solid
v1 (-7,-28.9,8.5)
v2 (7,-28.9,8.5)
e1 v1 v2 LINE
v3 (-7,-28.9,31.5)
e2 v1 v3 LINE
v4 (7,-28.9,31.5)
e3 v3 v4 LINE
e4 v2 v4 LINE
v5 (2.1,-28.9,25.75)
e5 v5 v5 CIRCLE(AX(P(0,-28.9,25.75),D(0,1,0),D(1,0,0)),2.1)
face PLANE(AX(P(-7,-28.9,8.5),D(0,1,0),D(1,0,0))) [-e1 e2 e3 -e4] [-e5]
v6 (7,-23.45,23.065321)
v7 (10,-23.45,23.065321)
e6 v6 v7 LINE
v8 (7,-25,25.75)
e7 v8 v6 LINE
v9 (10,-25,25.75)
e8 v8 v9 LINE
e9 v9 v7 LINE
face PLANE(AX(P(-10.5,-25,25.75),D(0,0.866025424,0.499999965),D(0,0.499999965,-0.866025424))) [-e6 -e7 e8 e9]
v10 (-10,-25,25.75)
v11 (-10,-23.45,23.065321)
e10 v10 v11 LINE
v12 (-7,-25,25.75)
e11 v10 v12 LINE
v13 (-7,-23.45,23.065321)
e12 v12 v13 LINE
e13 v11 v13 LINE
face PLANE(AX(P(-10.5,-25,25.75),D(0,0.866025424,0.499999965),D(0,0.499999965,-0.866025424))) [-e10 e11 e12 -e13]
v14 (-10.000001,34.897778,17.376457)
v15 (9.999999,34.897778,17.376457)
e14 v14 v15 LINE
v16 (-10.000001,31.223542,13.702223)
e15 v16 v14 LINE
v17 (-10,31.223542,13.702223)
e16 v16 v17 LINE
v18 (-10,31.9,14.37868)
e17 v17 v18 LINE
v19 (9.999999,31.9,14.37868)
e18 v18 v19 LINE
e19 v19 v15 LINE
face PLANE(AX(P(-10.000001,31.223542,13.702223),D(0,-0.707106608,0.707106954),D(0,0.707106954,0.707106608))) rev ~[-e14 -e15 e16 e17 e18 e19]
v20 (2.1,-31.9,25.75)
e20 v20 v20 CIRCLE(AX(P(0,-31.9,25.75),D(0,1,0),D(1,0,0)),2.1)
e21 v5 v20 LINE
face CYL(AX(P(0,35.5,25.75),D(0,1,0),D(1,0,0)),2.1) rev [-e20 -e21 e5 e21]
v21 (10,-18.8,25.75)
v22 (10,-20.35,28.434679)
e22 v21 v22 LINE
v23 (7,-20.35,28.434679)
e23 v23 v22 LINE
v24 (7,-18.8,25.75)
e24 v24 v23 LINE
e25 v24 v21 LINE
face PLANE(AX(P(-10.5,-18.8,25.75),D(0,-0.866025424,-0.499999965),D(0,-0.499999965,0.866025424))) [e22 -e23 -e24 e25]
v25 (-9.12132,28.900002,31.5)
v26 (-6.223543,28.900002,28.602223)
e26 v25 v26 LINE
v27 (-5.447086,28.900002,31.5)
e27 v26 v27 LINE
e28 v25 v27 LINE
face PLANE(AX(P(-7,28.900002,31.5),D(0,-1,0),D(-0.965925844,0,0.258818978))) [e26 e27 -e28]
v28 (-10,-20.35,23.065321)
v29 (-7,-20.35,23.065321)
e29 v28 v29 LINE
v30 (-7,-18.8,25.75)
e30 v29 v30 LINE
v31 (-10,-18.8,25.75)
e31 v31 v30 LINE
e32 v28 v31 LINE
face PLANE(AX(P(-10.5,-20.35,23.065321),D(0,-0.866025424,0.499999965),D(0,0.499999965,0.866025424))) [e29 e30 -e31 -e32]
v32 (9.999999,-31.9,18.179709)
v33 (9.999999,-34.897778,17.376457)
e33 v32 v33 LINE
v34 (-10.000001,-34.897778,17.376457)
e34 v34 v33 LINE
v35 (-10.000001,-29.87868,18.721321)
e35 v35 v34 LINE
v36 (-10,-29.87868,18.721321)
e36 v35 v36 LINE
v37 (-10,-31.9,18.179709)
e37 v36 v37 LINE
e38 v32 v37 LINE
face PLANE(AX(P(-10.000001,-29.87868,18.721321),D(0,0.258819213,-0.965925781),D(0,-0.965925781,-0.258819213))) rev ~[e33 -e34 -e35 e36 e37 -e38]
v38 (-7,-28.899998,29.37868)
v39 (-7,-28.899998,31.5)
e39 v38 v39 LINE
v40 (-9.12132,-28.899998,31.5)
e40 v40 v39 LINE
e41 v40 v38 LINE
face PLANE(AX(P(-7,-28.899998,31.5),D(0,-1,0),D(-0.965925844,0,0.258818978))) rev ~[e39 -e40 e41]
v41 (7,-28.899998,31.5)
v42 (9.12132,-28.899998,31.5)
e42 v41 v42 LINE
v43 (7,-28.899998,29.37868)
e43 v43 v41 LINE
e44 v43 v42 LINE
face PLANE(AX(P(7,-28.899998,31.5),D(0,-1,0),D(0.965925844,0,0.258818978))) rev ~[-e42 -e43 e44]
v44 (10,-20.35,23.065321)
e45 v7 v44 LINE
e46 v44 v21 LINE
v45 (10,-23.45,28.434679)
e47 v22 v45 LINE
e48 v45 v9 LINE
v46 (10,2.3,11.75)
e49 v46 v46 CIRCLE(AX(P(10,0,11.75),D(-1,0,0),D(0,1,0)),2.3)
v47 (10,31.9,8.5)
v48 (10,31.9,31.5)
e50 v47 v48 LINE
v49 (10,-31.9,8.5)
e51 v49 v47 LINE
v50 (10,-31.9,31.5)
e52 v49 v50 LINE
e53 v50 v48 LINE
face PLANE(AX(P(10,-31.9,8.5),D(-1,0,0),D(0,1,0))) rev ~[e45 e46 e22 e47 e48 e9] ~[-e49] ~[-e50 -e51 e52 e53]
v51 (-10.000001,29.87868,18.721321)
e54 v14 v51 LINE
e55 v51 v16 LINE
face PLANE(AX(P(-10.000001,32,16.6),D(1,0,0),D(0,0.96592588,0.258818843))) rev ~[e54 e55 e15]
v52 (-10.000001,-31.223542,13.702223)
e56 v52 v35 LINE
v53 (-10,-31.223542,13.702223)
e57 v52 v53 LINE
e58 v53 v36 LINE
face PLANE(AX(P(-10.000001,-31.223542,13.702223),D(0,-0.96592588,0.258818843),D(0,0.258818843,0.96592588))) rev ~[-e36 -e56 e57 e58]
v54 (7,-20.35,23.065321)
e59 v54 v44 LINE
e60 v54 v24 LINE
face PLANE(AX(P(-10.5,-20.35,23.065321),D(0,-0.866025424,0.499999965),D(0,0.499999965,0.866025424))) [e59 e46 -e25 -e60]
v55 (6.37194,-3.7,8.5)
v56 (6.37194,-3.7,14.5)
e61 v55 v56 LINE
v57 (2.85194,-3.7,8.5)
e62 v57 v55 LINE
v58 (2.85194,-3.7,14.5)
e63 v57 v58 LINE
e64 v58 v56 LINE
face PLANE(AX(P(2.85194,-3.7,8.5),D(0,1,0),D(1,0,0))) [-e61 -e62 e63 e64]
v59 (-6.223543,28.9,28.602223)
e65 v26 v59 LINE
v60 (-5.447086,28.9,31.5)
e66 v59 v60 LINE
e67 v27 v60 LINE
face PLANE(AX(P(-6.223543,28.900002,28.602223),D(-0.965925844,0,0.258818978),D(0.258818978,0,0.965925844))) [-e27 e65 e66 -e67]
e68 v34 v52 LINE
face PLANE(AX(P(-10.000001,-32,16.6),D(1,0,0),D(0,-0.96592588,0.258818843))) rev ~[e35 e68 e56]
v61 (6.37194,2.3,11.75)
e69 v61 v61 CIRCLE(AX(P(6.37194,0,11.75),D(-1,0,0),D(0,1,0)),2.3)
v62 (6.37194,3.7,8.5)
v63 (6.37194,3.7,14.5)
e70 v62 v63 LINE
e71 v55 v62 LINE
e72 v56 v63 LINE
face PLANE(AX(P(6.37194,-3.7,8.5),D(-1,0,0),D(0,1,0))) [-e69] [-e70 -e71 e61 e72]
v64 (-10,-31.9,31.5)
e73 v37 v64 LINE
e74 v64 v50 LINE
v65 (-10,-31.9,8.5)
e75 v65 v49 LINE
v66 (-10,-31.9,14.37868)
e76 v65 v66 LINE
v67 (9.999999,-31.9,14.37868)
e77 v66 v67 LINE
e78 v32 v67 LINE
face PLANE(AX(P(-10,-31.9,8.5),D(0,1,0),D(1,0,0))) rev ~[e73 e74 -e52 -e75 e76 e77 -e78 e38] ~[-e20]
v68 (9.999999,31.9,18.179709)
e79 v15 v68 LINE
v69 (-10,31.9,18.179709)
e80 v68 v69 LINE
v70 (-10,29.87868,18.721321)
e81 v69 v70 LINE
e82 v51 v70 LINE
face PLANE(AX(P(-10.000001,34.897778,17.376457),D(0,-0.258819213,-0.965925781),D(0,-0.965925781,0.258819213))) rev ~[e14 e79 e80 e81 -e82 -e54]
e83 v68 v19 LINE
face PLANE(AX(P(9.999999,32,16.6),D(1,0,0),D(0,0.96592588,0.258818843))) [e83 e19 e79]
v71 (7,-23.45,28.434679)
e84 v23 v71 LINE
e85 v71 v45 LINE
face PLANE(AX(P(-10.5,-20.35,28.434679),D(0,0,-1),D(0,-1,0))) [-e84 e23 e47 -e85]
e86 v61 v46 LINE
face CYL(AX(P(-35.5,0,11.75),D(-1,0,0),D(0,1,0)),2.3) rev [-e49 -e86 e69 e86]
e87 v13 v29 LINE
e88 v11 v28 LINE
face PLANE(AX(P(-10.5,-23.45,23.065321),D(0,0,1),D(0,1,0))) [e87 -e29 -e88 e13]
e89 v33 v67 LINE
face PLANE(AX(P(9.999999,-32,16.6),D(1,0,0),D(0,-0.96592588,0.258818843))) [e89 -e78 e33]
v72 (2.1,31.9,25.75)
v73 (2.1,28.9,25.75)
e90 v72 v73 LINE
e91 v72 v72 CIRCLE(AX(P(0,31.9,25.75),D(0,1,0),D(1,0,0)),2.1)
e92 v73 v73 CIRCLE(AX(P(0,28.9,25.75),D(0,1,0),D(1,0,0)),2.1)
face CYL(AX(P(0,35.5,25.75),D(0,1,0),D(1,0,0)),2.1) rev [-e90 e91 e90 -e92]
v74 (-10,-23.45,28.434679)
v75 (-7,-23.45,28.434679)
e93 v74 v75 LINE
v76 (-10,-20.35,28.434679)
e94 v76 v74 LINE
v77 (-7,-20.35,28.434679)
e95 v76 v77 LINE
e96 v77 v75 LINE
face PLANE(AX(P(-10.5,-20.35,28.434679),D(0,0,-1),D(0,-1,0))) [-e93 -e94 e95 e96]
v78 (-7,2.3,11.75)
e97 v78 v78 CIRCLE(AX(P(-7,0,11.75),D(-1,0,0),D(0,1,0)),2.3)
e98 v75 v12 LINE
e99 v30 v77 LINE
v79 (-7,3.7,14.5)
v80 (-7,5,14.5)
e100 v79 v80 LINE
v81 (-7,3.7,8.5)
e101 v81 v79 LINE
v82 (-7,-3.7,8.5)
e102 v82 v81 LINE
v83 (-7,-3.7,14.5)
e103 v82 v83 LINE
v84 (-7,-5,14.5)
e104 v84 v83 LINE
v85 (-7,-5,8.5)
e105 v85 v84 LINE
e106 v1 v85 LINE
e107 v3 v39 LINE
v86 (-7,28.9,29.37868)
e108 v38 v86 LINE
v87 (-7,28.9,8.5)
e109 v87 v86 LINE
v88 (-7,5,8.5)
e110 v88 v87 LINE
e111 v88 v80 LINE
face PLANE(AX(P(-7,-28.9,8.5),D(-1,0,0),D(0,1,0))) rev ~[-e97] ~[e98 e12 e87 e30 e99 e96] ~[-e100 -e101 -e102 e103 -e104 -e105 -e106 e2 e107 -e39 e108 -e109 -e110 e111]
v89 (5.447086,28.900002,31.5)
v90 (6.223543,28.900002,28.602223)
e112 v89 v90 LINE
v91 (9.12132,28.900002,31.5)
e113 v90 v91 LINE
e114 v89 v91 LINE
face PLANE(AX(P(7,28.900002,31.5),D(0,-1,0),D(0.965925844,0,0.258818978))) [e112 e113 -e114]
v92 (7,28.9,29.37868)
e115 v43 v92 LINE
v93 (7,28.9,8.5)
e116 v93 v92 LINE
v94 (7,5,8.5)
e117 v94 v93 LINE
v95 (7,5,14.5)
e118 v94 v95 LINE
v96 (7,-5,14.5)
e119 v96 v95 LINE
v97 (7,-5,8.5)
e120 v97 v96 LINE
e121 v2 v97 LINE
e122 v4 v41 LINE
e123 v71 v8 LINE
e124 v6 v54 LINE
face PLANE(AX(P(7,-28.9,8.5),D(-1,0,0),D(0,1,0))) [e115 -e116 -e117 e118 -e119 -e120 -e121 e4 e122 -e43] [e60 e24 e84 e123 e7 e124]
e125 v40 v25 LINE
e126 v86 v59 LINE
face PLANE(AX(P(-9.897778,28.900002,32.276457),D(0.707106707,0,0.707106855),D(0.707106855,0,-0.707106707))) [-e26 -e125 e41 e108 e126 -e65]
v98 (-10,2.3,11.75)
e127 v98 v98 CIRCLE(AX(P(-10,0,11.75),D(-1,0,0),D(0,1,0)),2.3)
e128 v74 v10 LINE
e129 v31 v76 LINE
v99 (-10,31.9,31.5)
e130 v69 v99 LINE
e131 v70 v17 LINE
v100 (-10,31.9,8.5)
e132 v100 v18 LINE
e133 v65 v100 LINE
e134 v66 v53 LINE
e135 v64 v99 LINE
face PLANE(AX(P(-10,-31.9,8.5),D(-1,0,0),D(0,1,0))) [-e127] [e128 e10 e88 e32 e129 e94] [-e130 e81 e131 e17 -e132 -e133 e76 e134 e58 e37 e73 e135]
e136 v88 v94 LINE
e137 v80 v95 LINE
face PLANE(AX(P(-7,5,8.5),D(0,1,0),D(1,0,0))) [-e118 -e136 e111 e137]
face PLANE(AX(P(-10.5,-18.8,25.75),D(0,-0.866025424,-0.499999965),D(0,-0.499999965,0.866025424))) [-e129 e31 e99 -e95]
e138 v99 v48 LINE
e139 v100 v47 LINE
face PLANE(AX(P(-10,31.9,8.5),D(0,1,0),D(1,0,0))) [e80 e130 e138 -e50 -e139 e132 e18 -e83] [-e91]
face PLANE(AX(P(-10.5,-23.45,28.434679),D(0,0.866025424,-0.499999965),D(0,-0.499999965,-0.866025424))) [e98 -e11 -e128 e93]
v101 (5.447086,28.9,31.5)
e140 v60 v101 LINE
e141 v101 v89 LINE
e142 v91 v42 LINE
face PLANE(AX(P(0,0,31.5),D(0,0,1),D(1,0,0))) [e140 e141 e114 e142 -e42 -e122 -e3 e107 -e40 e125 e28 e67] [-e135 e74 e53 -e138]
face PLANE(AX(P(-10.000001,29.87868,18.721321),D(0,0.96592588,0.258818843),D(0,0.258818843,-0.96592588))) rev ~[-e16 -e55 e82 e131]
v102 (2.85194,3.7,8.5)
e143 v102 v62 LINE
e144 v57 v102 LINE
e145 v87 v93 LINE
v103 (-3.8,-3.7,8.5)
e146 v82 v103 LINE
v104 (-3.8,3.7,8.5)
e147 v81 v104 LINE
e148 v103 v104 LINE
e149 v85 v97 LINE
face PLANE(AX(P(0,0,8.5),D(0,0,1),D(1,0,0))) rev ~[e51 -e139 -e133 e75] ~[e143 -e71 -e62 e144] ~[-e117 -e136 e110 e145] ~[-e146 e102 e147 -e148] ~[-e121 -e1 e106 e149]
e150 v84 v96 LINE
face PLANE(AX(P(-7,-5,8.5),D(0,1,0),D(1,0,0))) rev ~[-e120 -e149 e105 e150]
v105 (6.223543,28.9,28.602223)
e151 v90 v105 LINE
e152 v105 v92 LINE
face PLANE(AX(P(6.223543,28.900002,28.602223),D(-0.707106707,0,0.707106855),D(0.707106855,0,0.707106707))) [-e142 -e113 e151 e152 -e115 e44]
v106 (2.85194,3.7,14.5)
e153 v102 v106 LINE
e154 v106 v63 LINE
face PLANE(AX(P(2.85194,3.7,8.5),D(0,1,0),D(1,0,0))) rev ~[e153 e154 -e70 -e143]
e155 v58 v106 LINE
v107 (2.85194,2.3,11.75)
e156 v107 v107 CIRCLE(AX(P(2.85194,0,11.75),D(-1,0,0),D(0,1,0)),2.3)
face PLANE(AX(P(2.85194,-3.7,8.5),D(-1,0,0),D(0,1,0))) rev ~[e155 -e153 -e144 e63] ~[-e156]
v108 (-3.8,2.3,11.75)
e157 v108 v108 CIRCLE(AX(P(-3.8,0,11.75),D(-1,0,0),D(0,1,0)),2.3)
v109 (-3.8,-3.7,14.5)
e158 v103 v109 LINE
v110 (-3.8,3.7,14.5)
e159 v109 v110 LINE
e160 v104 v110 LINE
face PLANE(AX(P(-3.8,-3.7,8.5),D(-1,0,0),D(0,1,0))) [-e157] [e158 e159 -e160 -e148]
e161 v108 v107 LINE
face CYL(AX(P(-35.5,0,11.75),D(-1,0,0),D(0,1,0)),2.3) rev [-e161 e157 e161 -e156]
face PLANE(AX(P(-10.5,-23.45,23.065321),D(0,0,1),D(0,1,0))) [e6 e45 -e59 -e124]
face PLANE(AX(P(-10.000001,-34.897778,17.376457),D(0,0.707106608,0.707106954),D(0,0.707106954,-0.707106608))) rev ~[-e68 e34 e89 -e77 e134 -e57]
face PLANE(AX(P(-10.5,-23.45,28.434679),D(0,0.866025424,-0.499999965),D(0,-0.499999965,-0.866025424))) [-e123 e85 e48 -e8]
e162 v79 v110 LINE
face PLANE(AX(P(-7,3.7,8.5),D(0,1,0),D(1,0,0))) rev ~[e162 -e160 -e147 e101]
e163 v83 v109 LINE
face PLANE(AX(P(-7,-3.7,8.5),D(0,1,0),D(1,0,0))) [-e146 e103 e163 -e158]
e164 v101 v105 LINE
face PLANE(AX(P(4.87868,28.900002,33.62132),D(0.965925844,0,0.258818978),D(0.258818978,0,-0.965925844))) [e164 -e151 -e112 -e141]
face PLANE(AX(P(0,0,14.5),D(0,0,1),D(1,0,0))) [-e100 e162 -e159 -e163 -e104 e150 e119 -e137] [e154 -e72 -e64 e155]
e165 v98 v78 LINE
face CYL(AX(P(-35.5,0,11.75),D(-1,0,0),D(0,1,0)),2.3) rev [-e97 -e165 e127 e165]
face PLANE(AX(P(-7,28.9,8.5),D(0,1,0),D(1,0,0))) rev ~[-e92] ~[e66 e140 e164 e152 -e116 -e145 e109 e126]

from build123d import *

# Parameters (mm, degrees)
CUBE013_W                = 3.2
CUBE013_H                = 7.4
CUBE013_DEPTH            = 6
CUBE014_W                = 3.52
CUBE014_H                = 7.4
CUBE014_DEPTH            = 6
CYLINDER009_R            = 2.3
CYLINDER009_DEPTH        = 71
CUBE012_W                = 14
CUBE012_H                = 10
CUBE012_DEPTH            = 6
CYLINDER007_R            = 2.3
CYLINDER007_DEPTH        = 71
CYLINDER008_R            = 2.1
CYLINDER008_DEPTH        = 71
PRISM006_DEPTH           = 57.8
PRISM006_ROLL_ANGLE      = 90
PRISM006_PITCH_ANGLE     = -14.999996
PRISM007_DEPTH           = 57.8
PRISM007_ROLL_ANGLE      = -90
PRISM007_PITCH_ANGLE     = -14.999996
PRISM007_PLACEMENT_ANGLE = -180
PRISM008_DEPTH           = 21
CUBE011_W                = 14
CUBE011_H                = 57.8
CUBE011_DEPTH            = 23
PRISM004_DEPTH           = 20
PRISM004_ROLL_ANGLE      = 90
PRISM004_PITCH_ANGLE     = -14.999988
PRISM004_PLACEMENT_ANGLE = 90
PRISM005_DEPTH           = 20
PRISM005_ROLL_ANGLE      = -90
PRISM005_PITCH_ANGLE     = -14.999988
PRISM005_PLACEMENT_ANGLE = -90
CUBE010_W                = 20
CUBE010_H                = 63.8
CUBE010_DEPTH            = 23


with BuildPart() as cube013:
    # cube013 → cube013 (new body)
    with BuildSketch(Plane(origin=(-7, -3.7, 8.5), x_dir=(1, 0, 0), z_dir=(0, 0, 1))):
        with Locations((1.6, 3.7)):
            Rectangle(CUBE013_W, CUBE013_H)
    extrude(amount=CUBE013_DEPTH)


with BuildPart() as cube014:
    # cube014 → cube014 (new body)
    with BuildSketch(Plane(origin=(2.85194, -3.7, 8.5), x_dir=(1, 0, 0), z_dir=(0, 0, 1))):
        with Locations((1.76, 3.7)):
            Rectangle(CUBE014_W, CUBE014_H)
    extrude(amount=CUBE014_DEPTH)


with BuildPart() as group005:
    # cylinder009 → cylinder009 (new body)
    with BuildSketch(Plane(origin=(-35.5, 0, 11.75), x_dir=(0, 1, 0), z_dir=(1, 0, 0))):
        Circle(CYLINDER009_R)
    extrude(amount=CYLINDER009_DEPTH)

    # Group005: union cube013, cube014
    add(cube013.part)
    add(cube014.part)


with BuildPart() as body003:
    # cube012 → cube012 (new body)
    with BuildSketch(Plane(origin=(-7, -5, 8.5), x_dir=(1, 0, 0), z_dir=(0, 0, 1))):
        with Locations((7, 5)):
            Rectangle(CUBE012_W, CUBE012_H)
    extrude(amount=CUBE012_DEPTH)

    # difference003: cut Group005
    add(group005.part, mode=Mode.SUBTRACT)


with BuildPart() as cylinder007:
    # cylinder007 → cylinder007 (new body)
    with BuildSketch(Plane(origin=(-35.5, 0, 11.75), x_dir=(0, 1, 0), z_dir=(1, 0, 0))):
        Circle(CYLINDER007_R)
    extrude(amount=CYLINDER007_DEPTH)


with BuildPart() as cylinder008:
    # cylinder008 → cylinder008 (new body)
    with BuildSketch(Plane(origin=(0, 35.5, 25.75), x_dir=(1, 0, 0), z_dir=(0, -1, 0))):
        Circle(CYLINDER008_R)
    extrude(amount=CYLINDER008_DEPTH)


with BuildPart() as prism006:
    # prism006 → prism006 (new body)
    with BuildSketch(Plane.XY):
        Polygon((3, 0), (-1.5, 2.598076), (-1.5, -2.598076), align=None)
    extrude(amount=PRISM006_DEPTH)


with BuildPart() as prism006_1:
    # prism006 roll: moved
    add(prism006.part.rotate(Axis((0, 0, 0), (1, 0, 0)), PRISM006_ROLL_ANGLE))


with BuildPart() as prism006_2:
    # prism006 pitch: moved
    add(prism006_1.part.rotate(Axis((0, 0, 0), (0, 1, 0)), PRISM006_PITCH_ANGLE))


with BuildPart() as prism006_3:
    # prism006 placement: moved
    add(prism006_2.part.moved(Location((7, 28.900002, 31.5))))


with BuildPart() as prism007:
    # prism007 → prism007 (new body)
    with BuildSketch(Plane.XY):
        Polygon((3, 0), (-1.5, 2.598076), (-1.5, -2.598076), align=None)
    extrude(amount=PRISM007_DEPTH)


with BuildPart() as prism007_1:
    # prism007 roll: moved
    add(prism007.part.rotate(Axis((0, 0, 0), (1, 0, 0)), PRISM007_ROLL_ANGLE))


with BuildPart() as prism007_2:
    # prism007 pitch: moved
    add(prism007_1.part.rotate(Axis((0, 0, 0), (0, 1, 0)), PRISM007_PITCH_ANGLE))


with BuildPart() as prism007_3:
    # prism007 placement: moved
    add(prism007_2.part.moved(Location((-7, 28.900002, 31.5))).rotate(Axis((-7, 28.900002, 31.5), (0, 0, 1)), PRISM007_PLACEMENT_ANGLE))


with BuildPart() as prism008:
    # prism008 → prism008 (new body)
    with BuildSketch(Plane(origin=(-10.5, -21.9, 25.75), x_dir=(0, 1, 0), z_dir=(1, 0, 0))):
        Polygon((3.1, 0), (1.55, 2.684679), (-1.55, 2.684679), (-3.1, 0), (-1.55, -2.684679), (1.55, -2.684679), align=None)
    extrude(amount=PRISM008_DEPTH)


with BuildPart() as group004:
    # cube011 → cube011 (new body)
    with BuildSketch(Plane(origin=(-7, -28.9, 8.5), x_dir=(1, 0, 0), z_dir=(0, 0, 1))):
        with Locations((7, 28.9)):
            Rectangle(CUBE011_W, CUBE011_H)
    extrude(amount=CUBE011_DEPTH)

    # Group004: union cylinder007, cylinder008, prism006, prism007, prism008
    add(cylinder007.part)
    add(cylinder008.part)
    add(prism006_3.part)
    add(prism007_3.part)
    add(prism008.part)


with BuildPart() as prism004:
    # prism004 → prism004 (new body)
    with BuildSketch(Plane.XY):
        Polygon((3, 0), (-1.5, 2.598076), (-1.5, -2.598076), align=None)
    extrude(amount=PRISM004_DEPTH)


with BuildPart() as prism004_1:
    # prism004 roll: moved
    add(prism004.part.rotate(Axis((0, 0, 0), (1, 0, 0)), PRISM004_ROLL_ANGLE))


with BuildPart() as prism004_2:
    # prism004 pitch: moved
    add(prism004_1.part.rotate(Axis((0, 0, 0), (0, 1, 0)), PRISM004_PITCH_ANGLE))


with BuildPart() as prism004_3:
    # prism004 placement: moved
    add(prism004_2.part.moved(Location((-10.000001, 32, 16.6))).rotate(Axis((-10.000001, 32, 16.6), (0, 0, 1)), PRISM004_PLACEMENT_ANGLE))


with BuildPart() as prism005:
    # prism005 → prism005 (new body)
    with BuildSketch(Plane.XY):
        Polygon((3, 0), (-1.5, 2.598076), (-1.5, -2.598076), align=None)
    extrude(amount=PRISM005_DEPTH)


with BuildPart() as prism005_1:
    # prism005 roll: moved
    add(prism005.part.rotate(Axis((0, 0, 0), (1, 0, 0)), PRISM005_ROLL_ANGLE))


with BuildPart() as prism005_2:
    # prism005 pitch: moved
    add(prism005_1.part.rotate(Axis((0, 0, 0), (0, 1, 0)), PRISM005_PITCH_ANGLE))


with BuildPart() as prism005_3:
    # prism005 placement: moved
    add(prism005_2.part.moved(Location((-10.000001, -32, 16.6))).rotate(Axis((-10.000001, -32, 16.6), (0, 0, 1)), PRISM005_PLACEMENT_ANGLE))


with BuildPart() as bottom_slider:
    # cube010 → cube010 (new body)
    with BuildSketch(Plane(origin=(-10, -31.9, 8.5), x_dir=(1, 0, 0), z_dir=(0, 0, 1))):
        with Locations((10, 31.9)):
            Rectangle(CUBE010_W, CUBE010_H)
    extrude(amount=CUBE010_DEPTH)

    # Group003: union prism004, prism005
    add(prism004_3.part)
    add(prism005_3.part)

    # difference002: cut Group004
    add(group004.part, mode=Mode.SUBTRACT)

    # Fusion: union Body003
    add(body003.part)


solid = bottom_slider.part
